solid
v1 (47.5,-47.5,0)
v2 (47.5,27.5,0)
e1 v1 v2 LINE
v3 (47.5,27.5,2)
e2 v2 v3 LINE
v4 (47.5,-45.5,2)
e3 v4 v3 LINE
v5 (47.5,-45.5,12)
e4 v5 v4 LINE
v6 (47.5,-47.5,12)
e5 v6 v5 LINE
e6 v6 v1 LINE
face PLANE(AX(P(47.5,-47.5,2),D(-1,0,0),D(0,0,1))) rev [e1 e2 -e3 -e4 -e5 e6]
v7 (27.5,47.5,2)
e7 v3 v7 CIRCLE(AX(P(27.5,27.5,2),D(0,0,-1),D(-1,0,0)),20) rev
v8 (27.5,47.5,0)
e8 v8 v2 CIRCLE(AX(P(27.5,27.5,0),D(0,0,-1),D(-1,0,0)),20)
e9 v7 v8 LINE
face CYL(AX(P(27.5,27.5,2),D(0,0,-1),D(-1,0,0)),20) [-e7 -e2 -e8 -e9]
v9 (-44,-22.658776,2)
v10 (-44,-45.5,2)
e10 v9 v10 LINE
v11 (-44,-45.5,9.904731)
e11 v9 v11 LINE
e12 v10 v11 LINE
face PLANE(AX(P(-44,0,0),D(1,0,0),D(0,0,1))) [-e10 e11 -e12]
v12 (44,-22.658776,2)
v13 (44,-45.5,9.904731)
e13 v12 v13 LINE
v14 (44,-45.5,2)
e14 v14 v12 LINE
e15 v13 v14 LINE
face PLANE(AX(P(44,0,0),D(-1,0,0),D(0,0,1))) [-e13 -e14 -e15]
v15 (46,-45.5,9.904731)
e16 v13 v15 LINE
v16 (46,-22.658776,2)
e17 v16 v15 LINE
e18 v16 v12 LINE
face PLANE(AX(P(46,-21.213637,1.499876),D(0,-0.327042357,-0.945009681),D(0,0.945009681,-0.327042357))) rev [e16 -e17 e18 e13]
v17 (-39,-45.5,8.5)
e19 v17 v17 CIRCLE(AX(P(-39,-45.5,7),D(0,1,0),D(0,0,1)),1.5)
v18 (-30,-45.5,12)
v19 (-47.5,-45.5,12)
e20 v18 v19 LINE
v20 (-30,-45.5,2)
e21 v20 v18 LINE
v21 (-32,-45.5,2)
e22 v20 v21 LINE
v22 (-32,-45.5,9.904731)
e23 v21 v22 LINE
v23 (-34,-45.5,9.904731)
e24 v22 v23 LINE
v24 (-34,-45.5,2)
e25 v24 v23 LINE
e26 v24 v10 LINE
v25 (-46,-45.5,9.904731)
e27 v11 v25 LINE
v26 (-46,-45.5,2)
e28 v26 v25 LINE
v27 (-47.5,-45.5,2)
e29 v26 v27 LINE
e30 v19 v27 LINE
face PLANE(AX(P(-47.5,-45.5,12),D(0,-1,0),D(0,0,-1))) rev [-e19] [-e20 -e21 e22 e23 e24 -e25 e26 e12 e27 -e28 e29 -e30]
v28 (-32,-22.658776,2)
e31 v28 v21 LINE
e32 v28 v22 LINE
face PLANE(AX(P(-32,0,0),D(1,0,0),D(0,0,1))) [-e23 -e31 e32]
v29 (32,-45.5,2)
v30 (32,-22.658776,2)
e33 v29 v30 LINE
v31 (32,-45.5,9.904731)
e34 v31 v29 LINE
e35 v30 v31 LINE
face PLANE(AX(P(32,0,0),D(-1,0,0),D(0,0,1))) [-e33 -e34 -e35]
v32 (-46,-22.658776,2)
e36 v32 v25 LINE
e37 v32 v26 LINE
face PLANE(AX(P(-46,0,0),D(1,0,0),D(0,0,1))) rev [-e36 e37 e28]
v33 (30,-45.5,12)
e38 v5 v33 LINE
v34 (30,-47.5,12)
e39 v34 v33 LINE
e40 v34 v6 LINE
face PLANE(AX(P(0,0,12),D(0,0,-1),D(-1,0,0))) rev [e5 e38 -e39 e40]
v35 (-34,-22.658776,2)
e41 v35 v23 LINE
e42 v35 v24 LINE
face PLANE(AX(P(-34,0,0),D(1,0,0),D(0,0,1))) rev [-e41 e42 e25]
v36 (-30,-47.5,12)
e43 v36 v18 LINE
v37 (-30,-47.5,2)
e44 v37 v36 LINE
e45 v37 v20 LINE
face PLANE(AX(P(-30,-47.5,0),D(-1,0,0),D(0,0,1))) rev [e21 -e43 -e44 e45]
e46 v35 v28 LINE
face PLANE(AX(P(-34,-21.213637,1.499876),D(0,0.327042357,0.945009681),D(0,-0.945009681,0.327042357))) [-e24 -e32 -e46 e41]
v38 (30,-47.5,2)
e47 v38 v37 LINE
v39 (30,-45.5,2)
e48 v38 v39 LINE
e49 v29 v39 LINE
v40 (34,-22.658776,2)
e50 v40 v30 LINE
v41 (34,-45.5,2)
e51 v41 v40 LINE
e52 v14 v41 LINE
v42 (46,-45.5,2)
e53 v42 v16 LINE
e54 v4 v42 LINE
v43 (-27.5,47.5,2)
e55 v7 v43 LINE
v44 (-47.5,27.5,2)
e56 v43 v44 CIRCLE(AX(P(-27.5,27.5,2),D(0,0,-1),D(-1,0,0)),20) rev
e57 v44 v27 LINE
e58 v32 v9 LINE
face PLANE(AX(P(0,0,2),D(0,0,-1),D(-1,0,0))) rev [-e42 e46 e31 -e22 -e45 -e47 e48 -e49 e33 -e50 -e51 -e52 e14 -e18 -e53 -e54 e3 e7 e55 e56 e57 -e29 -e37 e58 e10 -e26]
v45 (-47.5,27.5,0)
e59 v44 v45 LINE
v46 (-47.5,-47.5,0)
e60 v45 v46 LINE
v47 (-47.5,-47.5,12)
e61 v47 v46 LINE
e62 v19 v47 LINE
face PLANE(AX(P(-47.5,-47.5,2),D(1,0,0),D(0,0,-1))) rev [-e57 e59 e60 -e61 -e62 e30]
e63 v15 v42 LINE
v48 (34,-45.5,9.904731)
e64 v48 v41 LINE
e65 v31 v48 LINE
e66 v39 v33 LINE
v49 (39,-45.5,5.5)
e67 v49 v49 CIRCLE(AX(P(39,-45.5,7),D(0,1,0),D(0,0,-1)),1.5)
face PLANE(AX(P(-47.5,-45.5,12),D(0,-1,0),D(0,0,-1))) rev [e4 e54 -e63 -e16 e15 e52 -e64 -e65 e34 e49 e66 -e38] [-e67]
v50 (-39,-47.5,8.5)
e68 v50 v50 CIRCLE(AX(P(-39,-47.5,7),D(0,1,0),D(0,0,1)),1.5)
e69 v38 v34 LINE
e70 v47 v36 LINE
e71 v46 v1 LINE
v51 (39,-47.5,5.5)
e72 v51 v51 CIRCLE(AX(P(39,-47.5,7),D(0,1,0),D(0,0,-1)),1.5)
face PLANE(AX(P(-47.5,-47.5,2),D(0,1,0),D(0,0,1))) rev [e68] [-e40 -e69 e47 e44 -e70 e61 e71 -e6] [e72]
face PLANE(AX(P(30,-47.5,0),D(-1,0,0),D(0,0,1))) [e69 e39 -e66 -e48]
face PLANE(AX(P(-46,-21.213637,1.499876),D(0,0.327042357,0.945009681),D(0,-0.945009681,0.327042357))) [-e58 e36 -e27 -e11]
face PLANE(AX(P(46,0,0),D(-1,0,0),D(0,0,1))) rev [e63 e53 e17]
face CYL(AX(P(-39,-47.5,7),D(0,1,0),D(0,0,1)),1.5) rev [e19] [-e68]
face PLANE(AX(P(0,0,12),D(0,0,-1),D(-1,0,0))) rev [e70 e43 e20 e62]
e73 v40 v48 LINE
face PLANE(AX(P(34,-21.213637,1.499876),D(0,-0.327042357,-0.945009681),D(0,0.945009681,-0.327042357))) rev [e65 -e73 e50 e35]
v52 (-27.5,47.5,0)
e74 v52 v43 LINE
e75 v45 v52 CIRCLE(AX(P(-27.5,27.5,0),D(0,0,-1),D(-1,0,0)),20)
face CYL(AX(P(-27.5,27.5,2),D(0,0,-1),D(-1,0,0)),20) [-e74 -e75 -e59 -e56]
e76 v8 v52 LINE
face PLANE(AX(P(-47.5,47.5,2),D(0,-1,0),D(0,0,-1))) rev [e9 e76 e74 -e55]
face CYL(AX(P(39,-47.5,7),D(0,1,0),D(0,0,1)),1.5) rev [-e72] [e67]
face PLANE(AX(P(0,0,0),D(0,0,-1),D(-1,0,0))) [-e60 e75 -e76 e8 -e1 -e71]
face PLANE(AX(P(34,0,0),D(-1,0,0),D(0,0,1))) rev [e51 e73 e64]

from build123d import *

# Parameters (mm, degrees)
SKETCH_1_W             = 95
SKETCH_1_H             = 95
EXTRUDE_1_DEPTH        = 2
SKETCH_2_W             = 95
SKETCH_2_H             = 2
EXTRUDE_2_DEPTH        = 10
FILLET_1_R             = 20
SKETCH_3_W             = 60
SKETCH_3_H             = 10
CUT_EXTRUDE_1_DEPTH    = 106.115412761
EXTRUDE_START          = 33
EXTRUDE_3_DEPTH        = 1
PATTERN_LINEAR_1_COUNT = 2
PATTERN_LINEAR_1_PITCH = 12
MIRROR_START           = 33
MIRROR_1_COPY_1_DEPTH  = 1
SKETCH_7_R             = 1.5
CUT_EXTRUDE_2_DEPTH    = 2


with BuildPart() as part:
    # 草图1 → 凸台-拉伸1 (new body)
    with BuildSketch(Plane.XY):
        Rectangle(SKETCH_1_W, SKETCH_1_H)
    extrude(amount=EXTRUDE_1_DEPTH)

    # 草图2 → 凸台-拉伸2 (add)
    with BuildSketch(Plane.XY.offset(2)):
        with Locations((0, -46.5)):
            Rectangle(SKETCH_2_W, SKETCH_2_H)
    extrude(amount=EXTRUDE_2_DEPTH)

    # 圆角1
    fillet_1_edges = [part.edges().sort_by_distance(p)[0] for p in [
        (-47.5, 47.5, 1),
        (47.5, 47.5, 1),
    ]]
    fillet(fillet_1_edges, radius=FILLET_1_R)

    # 草图3 → 切除-拉伸1 (cut, through all)
    with BuildSketch(Plane(origin=(0, -45.5, 0), x_dir=(1, 0, 0), z_dir=(0, 1, 0))):
        with Locations((0, -7)):
            Rectangle(SKETCH_3_W, SKETCH_3_H)
    extrude(amount=-CUT_EXTRUDE_1_DEPTH, mode=Mode.SUBTRACT)

    # 草图5 → 凸台-拉伸3 (add, symmetric)
    with BuildSketch(Plane(origin=(0, 0, 0), x_dir=(0, 0, -1), z_dir=(1, 0, 0)).offset(EXTRUDE_START)):
        Polygon((-1.499876111, -46.213636553), (-1.499876111, -21.213636553), (-10.151701689, -46.213636553), align=None)
    extrude_3 = extrude(amount=EXTRUDE_3_DEPTH, both=True)

    # 阵列(线性)1: 凸台-拉伸3 ×2
    with Locations(*[(i * PATTERN_LINEAR_1_PITCH, 0, 0) for i in range(1, PATTERN_LINEAR_1_COUNT)]):
        add(extrude_3)

    # 镜向1: 凸台-拉伸3 across plane
    add(extrude_3.mirror(Plane(origin=(0, 0, 0), x_dir=(0, 0, 1), z_dir=(1, 0, 0))))

    # 镜向1 copy 1 sketch → 镜向1 copy 1 (add, symmetric)
    with BuildSketch(Plane(origin=(-12, 0, 0), x_dir=(0, 0, -1), z_dir=(-1, 0, 0)).offset(MIRROR_START)):
        Polygon((-1.499876111, 46.213636553), (-1.499876111, 21.213636553), (-10.151701689, 46.213636553), align=None)
    extrude(amount=MIRROR_1_COPY_1_DEPTH, both=True)

    # 草图7 → 切除-拉伸2 (cut)
    with BuildSketch(Plane(origin=(0, -45.5, 0), x_dir=(1, 0, 0), z_dir=(0, 1, 0))):
        with Locations(Location((-39, -7, 0), (0, 0, 270))):
            Circle(SKETCH_7_R)
        with Locations(Location((39, -7, 0), (0, 0, 90))):
            Circle(SKETCH_7_R)
    extrude(amount=-CUT_EXTRUDE_2_DEPTH, mode=Mode.SUBTRACT)


solid = part.part
